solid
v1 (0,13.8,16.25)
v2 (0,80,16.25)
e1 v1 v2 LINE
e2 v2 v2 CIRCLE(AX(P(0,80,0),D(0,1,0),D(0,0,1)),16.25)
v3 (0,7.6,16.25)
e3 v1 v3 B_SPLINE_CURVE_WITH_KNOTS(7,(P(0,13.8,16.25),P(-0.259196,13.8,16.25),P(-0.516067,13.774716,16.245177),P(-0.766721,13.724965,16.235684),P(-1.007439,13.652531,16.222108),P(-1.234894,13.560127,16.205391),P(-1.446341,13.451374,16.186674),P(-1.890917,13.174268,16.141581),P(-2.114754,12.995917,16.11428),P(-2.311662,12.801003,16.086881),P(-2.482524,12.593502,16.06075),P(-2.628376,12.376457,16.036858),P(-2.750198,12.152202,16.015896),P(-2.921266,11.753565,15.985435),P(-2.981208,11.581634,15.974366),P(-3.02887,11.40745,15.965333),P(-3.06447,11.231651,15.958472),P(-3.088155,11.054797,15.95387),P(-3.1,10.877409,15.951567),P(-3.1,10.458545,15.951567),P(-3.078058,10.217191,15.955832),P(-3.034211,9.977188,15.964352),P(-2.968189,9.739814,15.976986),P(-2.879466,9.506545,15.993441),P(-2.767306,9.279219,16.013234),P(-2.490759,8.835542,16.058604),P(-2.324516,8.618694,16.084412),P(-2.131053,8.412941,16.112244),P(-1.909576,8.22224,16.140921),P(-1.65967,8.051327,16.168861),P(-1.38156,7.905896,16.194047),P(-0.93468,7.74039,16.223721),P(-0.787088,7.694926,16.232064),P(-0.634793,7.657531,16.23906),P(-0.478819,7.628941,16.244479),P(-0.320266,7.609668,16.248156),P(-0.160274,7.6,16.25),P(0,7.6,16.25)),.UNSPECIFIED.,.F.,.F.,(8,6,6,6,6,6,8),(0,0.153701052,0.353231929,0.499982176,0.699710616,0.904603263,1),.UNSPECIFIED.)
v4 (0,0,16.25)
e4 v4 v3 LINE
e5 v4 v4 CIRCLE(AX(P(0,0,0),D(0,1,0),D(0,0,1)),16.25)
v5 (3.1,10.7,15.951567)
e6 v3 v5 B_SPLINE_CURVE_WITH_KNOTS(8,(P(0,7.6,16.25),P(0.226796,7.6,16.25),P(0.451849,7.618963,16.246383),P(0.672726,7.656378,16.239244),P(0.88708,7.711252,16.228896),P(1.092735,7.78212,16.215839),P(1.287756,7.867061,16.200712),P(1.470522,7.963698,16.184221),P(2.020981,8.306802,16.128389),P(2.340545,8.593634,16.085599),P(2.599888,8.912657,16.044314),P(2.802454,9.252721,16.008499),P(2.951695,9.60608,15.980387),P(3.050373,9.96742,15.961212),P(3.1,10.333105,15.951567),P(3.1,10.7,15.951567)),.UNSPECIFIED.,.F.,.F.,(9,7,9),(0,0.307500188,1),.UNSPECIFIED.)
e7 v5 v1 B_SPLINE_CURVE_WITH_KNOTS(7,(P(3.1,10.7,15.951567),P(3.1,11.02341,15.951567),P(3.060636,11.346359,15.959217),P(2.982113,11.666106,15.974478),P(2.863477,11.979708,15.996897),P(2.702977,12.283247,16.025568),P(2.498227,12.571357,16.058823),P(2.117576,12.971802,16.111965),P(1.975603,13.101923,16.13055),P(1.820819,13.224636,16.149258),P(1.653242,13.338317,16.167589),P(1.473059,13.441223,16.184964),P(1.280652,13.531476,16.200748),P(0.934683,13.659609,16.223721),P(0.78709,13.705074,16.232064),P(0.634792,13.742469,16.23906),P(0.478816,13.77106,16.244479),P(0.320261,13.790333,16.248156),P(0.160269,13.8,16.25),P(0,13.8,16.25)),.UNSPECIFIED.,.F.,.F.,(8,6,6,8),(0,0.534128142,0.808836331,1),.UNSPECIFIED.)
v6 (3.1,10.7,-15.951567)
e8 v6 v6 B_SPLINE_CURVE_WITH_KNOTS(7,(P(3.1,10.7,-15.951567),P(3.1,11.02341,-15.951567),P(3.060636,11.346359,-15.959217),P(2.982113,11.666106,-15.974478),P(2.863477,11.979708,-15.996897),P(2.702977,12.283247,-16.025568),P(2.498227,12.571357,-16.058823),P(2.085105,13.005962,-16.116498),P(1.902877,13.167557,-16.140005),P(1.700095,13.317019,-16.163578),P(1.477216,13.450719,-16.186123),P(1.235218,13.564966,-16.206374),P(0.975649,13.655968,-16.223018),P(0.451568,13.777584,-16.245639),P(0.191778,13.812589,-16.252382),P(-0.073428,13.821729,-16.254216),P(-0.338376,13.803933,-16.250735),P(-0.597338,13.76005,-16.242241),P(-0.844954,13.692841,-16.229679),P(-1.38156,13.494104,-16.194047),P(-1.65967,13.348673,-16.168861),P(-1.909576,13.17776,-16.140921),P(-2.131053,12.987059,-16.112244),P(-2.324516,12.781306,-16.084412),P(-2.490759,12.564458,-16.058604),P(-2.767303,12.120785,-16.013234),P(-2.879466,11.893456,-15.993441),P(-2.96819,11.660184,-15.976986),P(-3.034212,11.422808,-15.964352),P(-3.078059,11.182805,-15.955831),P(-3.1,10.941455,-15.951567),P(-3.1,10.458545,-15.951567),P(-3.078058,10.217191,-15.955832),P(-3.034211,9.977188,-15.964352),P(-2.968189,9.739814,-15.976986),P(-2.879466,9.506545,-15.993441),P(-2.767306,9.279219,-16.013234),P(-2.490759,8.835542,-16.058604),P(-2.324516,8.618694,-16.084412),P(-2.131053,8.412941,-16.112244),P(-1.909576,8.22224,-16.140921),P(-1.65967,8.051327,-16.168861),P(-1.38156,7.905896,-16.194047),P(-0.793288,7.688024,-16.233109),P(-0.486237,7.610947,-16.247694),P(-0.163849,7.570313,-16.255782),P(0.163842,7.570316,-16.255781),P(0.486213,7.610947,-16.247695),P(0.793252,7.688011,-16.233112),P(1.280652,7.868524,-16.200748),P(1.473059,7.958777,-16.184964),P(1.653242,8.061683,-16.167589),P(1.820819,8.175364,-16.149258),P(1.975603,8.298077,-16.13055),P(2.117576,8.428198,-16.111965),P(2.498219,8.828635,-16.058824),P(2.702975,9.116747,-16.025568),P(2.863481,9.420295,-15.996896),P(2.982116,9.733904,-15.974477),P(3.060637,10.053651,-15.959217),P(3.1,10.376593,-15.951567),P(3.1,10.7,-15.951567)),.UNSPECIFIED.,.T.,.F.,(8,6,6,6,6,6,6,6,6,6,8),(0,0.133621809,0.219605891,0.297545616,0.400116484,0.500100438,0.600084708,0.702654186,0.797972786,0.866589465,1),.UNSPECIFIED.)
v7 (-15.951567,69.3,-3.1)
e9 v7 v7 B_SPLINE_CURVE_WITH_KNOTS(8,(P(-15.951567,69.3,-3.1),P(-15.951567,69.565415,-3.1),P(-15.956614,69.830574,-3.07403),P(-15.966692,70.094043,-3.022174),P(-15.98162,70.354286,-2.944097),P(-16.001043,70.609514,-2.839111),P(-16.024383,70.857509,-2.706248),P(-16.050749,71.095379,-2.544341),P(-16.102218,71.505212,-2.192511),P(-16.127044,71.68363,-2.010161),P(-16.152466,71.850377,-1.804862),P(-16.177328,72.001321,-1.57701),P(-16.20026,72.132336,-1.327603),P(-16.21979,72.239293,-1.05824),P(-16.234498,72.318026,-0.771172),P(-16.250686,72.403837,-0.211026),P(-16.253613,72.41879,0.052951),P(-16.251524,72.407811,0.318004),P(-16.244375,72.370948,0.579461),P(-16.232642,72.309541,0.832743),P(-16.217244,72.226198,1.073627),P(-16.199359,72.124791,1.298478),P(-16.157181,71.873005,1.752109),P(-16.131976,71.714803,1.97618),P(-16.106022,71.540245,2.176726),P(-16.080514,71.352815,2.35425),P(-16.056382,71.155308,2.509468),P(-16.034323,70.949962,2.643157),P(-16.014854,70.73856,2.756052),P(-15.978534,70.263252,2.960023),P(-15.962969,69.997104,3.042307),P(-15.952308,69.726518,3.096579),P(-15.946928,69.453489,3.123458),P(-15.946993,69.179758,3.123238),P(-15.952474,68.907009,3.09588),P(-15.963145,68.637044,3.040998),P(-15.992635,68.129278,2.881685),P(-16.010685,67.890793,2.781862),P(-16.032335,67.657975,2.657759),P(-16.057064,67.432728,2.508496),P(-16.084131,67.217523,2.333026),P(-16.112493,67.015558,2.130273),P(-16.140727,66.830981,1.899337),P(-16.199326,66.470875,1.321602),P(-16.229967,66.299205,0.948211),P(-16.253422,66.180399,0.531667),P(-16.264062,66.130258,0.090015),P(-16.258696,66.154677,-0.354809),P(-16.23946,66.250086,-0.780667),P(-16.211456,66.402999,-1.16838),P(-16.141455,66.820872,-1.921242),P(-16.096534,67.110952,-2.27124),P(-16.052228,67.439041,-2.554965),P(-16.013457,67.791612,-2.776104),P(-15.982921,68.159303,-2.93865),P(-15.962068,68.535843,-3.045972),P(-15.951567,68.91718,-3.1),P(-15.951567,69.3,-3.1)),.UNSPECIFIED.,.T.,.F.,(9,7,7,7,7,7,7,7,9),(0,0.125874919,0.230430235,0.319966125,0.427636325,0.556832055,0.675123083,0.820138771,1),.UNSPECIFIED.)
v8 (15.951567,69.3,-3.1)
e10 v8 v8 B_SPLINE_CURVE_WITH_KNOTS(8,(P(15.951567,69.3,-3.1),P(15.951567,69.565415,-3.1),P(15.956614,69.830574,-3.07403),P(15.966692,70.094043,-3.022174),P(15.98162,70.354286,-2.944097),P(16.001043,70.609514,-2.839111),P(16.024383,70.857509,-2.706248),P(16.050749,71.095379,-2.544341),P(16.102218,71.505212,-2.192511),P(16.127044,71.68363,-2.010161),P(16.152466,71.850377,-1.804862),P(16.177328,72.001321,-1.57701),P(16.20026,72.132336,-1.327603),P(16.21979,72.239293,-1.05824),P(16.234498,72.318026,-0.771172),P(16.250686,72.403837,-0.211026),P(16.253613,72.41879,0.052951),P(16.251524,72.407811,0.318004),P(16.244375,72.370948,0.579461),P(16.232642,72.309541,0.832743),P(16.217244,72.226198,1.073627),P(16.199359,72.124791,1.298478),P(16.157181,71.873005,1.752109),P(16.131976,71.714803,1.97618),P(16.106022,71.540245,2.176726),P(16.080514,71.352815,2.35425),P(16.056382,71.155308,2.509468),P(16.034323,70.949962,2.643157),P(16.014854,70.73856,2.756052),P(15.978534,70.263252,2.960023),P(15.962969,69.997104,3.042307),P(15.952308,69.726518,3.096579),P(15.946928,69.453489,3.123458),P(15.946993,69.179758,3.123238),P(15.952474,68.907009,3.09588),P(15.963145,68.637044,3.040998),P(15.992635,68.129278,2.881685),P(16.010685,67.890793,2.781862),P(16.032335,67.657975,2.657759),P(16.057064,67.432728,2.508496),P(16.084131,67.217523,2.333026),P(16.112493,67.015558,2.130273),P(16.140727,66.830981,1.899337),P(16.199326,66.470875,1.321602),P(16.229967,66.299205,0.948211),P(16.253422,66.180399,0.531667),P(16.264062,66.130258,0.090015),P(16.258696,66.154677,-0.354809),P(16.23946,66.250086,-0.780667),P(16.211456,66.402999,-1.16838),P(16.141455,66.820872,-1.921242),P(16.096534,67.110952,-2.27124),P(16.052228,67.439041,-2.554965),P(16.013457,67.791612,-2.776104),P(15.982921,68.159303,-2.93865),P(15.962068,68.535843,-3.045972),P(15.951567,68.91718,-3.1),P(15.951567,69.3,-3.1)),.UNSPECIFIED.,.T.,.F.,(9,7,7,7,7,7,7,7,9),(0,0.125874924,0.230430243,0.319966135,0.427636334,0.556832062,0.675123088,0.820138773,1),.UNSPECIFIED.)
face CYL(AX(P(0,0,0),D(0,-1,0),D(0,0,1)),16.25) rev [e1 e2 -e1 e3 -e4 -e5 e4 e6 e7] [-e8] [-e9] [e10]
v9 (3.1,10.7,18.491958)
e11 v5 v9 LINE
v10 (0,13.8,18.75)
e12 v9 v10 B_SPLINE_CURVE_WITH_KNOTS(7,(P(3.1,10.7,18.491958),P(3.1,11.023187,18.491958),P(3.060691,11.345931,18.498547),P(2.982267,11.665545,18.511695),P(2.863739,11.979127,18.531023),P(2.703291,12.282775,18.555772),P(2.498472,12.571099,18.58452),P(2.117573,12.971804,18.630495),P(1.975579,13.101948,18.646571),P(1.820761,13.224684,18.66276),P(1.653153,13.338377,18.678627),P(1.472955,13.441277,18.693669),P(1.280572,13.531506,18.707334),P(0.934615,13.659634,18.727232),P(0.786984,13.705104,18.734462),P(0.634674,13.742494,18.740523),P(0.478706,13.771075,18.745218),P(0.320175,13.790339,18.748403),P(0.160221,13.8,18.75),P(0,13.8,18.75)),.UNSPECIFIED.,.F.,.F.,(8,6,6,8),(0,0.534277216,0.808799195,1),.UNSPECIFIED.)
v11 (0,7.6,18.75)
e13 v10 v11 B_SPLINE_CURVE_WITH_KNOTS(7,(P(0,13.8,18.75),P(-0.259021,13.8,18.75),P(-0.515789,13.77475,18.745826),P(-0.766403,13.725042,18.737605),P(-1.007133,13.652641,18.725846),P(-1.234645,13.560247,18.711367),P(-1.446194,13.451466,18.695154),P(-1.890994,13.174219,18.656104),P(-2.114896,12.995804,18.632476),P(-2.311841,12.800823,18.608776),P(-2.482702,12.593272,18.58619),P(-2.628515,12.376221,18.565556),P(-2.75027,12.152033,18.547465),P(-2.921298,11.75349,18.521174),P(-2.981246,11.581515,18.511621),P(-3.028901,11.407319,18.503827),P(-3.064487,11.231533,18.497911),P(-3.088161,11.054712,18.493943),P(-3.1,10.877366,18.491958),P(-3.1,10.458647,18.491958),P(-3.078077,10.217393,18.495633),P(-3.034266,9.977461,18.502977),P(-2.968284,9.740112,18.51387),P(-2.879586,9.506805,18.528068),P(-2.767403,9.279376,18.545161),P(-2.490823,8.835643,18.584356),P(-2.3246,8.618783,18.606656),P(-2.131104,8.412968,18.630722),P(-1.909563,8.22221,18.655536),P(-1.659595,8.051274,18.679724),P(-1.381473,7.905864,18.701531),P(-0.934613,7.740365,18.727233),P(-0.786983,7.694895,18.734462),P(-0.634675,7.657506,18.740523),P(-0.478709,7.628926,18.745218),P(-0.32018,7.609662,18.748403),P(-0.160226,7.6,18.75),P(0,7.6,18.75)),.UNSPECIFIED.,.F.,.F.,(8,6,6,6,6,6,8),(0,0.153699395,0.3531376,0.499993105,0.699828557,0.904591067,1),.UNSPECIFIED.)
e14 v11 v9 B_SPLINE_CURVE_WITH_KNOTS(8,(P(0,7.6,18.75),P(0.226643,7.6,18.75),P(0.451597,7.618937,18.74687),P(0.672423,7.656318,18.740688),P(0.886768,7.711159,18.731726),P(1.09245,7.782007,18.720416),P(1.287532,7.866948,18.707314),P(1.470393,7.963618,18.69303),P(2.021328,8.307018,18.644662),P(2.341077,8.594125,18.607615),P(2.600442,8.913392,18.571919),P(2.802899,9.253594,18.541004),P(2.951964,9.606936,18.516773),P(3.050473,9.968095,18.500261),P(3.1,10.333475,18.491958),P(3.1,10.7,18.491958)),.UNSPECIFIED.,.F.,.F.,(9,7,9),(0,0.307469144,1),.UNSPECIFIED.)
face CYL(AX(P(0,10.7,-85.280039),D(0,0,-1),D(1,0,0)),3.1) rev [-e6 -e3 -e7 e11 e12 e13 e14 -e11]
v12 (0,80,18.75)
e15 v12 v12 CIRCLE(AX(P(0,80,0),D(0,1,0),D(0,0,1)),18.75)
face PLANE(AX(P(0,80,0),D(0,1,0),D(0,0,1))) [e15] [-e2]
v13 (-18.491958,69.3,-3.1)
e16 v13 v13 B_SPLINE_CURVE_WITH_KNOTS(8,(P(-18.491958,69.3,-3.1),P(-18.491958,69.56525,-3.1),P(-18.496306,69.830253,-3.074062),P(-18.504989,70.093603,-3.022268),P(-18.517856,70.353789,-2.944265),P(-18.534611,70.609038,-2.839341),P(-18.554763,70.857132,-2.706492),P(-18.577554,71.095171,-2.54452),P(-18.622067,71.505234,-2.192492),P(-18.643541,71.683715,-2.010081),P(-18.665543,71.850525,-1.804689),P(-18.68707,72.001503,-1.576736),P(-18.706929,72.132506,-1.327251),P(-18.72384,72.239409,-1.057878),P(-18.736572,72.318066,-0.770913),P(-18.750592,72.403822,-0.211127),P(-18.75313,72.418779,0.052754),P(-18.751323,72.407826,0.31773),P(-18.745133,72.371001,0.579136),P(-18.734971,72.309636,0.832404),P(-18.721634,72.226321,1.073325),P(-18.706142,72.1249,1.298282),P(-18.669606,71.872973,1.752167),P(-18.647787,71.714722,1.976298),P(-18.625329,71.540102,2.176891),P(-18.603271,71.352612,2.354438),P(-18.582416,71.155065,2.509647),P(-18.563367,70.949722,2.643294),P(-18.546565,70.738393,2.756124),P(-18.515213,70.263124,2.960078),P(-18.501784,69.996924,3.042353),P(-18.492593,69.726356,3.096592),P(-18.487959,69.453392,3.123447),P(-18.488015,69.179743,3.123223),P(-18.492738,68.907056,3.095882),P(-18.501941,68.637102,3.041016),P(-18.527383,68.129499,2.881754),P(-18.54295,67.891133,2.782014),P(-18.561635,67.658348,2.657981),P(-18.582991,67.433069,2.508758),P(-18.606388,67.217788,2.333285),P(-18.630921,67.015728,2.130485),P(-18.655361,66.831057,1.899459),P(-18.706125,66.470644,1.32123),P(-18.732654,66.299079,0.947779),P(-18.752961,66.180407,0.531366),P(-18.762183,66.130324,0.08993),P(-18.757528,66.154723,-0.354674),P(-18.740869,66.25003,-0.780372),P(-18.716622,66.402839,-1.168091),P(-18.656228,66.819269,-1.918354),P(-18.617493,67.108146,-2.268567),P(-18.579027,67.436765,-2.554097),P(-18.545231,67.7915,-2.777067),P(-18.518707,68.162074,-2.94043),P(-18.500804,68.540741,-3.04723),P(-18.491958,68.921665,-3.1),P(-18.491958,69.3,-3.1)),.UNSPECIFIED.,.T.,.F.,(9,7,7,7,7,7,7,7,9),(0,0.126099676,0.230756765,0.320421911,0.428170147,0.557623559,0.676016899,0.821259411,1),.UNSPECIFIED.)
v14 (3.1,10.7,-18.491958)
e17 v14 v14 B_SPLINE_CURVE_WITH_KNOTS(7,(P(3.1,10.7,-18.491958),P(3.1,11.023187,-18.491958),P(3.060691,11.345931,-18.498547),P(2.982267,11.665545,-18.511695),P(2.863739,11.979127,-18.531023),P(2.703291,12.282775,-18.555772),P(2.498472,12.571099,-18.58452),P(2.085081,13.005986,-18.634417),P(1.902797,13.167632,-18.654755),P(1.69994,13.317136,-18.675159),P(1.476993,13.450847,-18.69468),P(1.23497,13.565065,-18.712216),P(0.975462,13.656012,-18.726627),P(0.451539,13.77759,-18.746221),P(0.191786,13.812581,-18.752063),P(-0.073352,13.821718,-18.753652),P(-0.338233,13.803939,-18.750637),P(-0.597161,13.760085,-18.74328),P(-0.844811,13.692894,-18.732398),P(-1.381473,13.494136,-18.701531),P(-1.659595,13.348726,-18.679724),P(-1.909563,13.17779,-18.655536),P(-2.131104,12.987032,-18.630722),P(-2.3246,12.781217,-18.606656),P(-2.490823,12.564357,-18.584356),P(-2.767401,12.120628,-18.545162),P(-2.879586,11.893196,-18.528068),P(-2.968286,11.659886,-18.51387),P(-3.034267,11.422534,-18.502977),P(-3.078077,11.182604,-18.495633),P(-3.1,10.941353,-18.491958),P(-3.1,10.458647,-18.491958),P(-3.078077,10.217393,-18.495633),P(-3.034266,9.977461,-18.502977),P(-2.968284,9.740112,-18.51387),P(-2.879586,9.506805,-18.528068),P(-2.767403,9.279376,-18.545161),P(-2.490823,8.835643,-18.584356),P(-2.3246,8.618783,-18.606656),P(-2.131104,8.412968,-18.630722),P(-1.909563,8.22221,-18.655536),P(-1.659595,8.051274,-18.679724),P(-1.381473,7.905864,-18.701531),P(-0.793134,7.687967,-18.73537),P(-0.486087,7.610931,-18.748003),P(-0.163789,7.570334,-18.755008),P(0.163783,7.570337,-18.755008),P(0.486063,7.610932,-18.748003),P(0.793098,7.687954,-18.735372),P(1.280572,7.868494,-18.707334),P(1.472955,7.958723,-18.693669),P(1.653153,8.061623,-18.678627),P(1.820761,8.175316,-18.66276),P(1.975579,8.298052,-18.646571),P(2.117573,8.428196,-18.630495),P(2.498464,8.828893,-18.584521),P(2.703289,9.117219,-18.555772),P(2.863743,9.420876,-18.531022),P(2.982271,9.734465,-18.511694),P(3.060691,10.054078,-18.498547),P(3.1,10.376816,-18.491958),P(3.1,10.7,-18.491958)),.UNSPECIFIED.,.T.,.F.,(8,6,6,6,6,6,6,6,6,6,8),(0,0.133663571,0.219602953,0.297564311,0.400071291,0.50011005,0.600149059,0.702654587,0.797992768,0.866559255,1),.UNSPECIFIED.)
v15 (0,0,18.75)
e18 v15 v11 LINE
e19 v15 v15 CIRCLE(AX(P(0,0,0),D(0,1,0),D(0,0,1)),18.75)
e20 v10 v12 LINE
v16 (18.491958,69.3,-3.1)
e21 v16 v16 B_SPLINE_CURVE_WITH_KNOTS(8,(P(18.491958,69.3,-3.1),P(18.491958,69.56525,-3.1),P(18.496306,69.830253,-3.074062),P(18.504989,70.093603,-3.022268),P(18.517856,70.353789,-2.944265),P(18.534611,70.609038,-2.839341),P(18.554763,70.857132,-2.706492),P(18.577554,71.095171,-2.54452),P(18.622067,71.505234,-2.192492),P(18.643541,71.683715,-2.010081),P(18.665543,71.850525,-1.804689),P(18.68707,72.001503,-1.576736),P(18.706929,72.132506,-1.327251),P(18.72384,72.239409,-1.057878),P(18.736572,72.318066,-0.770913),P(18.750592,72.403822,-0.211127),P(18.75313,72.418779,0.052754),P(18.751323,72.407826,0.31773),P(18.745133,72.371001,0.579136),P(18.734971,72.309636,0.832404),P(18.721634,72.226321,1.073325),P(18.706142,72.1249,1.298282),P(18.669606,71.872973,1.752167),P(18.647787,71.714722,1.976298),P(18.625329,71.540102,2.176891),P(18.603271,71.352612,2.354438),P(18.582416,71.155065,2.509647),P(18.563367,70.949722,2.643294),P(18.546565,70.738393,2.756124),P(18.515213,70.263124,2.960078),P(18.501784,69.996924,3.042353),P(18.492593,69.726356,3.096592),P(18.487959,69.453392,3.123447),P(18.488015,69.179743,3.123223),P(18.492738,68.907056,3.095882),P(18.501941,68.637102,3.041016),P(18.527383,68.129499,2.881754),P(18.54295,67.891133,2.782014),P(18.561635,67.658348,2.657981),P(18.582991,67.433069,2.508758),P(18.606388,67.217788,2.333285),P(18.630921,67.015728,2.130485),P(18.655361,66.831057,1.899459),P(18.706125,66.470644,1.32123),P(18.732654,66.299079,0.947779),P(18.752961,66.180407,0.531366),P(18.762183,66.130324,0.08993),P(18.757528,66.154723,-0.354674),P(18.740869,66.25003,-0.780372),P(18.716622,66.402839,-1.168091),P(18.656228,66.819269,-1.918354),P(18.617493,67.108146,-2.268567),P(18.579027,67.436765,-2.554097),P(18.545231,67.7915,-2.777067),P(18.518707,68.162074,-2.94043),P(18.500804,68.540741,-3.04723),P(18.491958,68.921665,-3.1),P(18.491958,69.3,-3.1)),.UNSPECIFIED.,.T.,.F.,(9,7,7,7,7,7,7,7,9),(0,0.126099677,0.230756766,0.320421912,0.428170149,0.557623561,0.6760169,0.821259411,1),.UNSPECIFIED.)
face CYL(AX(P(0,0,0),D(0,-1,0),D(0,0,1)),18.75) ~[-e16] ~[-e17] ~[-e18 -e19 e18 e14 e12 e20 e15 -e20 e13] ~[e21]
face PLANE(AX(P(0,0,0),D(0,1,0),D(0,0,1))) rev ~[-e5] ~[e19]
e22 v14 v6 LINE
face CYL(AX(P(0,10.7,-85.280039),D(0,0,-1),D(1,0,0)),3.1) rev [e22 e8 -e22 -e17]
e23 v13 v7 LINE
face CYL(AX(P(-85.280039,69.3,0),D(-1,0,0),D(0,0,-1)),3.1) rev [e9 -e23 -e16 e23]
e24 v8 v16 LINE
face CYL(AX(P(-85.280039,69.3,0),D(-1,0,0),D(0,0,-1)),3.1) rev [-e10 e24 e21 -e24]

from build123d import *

# Parameters (mm, degrees)
SKETCH1_R               = 18.75
SKETCH1_R_2             = 16.25
BOSS_EXTRUDE2_DEPTH     = 80
CUT_EXTRUDE1_DEPTH      = 85.280039155
CUT_EXTRUDE1_DEPTH_BACK = 85.280039155
SKETCH2_R               = 3.1
CUT_EXTRUDE2_DEPTH      = 85.280039295
CUT_EXTRUDE2_DEPTH_BACK = 85.280039295
SKETCH3_R               = 3.1


with BuildPart() as part:
    # Sketch1 → Boss-Extrude2 (new body)
    with BuildSketch(Plane(origin=(0, 0, 0), x_dir=(1, 0, 0), z_dir=(0, 1, 0))):
        with Locations(Location((0, 0, 0), (0, 0, 270))):
            Circle(SKETCH1_R)
        with Locations(Location((0, 0, 0), (0, 0, 270))):
            Circle(SKETCH1_R_2, mode=Mode.SUBTRACT)
    extrude(amount=BOSS_EXTRUDE2_DEPTH)

    # Sketch2 → Cut-Extrude1 (cut, two sides: drawn at the far end of the back side and taken through both)
    with BuildSketch(Plane.XY.offset(-CUT_EXTRUDE1_DEPTH_BACK)):
        with Locations((0, 10.7)):
            Circle(SKETCH2_R)
    extrude(amount=CUT_EXTRUDE1_DEPTH + CUT_EXTRUDE1_DEPTH_BACK, mode=Mode.SUBTRACT)

    # Sketch3 → Cut-Extrude2 (cut, two sides: drawn at the far end of the back side and taken through both)
    with BuildSketch(Plane(origin=(0, 0, 0), x_dir=(0, 0, -1), z_dir=(1, 0, 0)).offset(-CUT_EXTRUDE2_DEPTH_BACK)):
        with Locations((0, 69.3)):
            Circle(SKETCH3_R)
    extrude(amount=CUT_EXTRUDE2_DEPTH + CUT_EXTRUDE2_DEPTH_BACK, mode=Mode.SUBTRACT)


solid = part.part
